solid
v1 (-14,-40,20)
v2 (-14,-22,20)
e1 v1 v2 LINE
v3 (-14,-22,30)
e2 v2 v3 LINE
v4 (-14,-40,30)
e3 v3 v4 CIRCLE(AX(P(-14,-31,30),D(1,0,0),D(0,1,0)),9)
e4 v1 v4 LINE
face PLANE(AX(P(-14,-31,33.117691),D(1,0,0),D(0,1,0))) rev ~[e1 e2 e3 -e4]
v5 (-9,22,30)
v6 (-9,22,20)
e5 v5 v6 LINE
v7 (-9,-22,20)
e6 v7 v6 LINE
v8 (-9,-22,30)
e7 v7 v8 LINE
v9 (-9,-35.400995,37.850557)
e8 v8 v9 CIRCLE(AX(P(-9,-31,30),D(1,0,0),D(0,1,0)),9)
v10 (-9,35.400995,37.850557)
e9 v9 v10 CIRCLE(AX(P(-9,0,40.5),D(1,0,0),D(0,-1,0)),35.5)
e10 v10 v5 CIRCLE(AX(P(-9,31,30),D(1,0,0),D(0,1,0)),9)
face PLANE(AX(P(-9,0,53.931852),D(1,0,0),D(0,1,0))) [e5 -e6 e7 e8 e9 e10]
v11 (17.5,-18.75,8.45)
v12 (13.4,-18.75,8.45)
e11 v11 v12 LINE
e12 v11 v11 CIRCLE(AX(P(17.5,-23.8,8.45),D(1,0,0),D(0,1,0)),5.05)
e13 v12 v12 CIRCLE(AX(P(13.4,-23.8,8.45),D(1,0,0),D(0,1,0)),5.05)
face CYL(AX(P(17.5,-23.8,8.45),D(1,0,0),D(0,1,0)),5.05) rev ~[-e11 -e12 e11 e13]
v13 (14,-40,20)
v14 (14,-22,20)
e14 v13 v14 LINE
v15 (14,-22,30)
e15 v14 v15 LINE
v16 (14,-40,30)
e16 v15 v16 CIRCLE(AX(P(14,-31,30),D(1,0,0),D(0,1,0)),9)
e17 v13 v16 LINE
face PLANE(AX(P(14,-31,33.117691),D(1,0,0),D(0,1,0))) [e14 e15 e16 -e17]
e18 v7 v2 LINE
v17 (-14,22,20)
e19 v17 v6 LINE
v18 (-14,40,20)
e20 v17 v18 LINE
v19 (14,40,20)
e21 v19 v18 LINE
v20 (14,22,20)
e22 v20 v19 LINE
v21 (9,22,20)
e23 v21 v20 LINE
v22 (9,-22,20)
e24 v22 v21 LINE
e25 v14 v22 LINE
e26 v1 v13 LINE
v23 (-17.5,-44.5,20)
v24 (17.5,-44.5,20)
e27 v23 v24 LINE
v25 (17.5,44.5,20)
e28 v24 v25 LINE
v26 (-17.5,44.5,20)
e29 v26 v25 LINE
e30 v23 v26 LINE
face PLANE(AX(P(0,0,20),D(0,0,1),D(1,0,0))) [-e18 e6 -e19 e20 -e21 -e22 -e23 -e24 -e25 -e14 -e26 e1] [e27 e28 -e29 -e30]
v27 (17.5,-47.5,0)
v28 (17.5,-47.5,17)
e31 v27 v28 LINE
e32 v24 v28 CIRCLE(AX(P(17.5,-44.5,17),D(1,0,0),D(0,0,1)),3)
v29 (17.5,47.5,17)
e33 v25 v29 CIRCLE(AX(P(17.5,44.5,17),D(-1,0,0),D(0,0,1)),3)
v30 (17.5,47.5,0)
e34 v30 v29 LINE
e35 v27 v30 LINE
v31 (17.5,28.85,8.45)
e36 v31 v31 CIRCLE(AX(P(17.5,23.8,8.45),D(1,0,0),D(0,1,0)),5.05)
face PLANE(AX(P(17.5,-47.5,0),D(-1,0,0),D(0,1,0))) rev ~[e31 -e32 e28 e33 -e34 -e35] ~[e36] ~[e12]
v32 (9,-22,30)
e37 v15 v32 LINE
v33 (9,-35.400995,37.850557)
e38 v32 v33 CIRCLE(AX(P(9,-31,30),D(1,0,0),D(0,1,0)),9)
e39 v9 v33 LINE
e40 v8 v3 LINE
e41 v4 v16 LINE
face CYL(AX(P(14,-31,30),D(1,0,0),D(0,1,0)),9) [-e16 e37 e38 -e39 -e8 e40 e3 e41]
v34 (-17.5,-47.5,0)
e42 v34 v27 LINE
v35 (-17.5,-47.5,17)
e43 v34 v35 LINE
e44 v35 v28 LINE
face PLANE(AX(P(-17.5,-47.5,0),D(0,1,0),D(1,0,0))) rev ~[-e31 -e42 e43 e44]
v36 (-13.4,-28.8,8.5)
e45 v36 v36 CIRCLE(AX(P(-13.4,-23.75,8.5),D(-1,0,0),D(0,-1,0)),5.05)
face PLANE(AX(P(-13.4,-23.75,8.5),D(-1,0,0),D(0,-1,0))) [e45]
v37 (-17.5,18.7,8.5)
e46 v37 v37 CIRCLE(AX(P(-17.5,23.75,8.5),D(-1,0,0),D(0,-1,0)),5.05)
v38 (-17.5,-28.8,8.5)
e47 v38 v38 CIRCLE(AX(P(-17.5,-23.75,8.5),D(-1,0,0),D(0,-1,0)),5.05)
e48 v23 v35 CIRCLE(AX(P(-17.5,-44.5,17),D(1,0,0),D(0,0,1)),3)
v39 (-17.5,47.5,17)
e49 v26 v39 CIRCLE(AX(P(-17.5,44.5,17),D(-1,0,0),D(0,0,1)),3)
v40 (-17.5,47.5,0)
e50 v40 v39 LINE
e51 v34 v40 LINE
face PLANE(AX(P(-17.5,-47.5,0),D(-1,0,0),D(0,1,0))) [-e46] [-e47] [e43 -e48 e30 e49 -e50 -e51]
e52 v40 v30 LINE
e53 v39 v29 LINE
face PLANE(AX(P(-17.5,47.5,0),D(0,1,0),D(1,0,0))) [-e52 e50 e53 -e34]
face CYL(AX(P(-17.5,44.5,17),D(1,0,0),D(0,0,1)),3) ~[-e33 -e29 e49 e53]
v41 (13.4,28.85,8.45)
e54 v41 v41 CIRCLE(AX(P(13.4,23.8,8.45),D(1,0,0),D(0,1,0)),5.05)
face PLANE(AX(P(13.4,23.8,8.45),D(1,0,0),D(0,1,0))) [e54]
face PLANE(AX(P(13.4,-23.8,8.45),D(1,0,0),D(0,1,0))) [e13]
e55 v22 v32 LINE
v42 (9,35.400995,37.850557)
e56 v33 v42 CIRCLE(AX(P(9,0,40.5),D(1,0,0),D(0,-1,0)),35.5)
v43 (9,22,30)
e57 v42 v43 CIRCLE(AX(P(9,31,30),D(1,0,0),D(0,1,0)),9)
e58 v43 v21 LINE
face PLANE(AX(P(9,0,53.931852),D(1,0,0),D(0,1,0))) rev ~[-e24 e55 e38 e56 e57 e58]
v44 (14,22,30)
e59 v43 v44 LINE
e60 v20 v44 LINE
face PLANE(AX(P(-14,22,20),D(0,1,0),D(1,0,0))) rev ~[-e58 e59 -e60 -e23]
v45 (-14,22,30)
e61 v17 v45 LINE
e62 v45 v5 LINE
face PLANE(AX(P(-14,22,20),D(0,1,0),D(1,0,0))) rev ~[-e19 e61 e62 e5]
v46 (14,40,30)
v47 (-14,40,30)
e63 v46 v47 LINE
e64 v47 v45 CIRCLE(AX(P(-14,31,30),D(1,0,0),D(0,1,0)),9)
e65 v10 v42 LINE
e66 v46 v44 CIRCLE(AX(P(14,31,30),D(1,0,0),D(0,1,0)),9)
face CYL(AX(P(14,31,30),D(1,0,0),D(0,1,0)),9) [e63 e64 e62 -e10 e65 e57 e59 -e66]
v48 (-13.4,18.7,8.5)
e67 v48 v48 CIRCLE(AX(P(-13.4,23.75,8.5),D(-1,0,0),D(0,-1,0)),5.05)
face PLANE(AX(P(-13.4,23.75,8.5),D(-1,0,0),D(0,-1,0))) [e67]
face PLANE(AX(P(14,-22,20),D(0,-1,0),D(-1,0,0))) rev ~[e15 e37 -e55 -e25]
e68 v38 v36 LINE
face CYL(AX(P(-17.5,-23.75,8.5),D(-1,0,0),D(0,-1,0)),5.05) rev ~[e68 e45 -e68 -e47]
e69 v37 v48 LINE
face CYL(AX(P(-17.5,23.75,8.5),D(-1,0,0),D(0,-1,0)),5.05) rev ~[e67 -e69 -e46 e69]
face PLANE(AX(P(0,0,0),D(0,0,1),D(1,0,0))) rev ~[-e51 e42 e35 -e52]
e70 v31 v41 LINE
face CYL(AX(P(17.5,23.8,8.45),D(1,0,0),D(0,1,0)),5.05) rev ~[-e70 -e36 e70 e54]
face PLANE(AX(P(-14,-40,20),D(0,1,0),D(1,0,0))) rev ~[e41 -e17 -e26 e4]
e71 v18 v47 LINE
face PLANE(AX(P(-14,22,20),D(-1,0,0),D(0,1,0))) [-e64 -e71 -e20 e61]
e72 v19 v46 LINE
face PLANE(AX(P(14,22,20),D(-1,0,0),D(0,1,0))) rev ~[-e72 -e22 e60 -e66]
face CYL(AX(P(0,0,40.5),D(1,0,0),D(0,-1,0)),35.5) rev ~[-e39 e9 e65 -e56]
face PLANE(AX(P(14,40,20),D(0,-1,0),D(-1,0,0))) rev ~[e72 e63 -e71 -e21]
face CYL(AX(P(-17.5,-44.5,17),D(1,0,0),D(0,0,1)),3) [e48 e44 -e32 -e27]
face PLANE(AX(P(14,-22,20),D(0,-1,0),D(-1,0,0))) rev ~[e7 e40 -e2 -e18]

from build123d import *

# Parameters (mm, degrees)
F0_W      = 35
F0_H      = 95
F1_DEPTH  = 20
F2_W      = 5
F2_H      = 18
F2_W_2    = 18
F3_DEPTH  = 10
F6_DEPTH  = 28
F8_DEPTH  = 9
F9_R      = 3
F10_R     = 5.05
F11_DEPTH = 4.1
F12_R     = 5.05
F13_DEPTH = 4.1


with BuildPart() as f1:
    # F0 (on Top) → F1 (new body)
    with BuildSketch(Plane.XY):
        Rectangle(F0_W, F0_H)
    extrude(amount=F1_DEPTH)

    # F2 (on face) → F3 (join)
    with BuildSketch(Plane.XY.offset(20)):
        with Locations((-11.5, -31)):
            Rectangle(F2_W, F2_H)
        with Locations((11.5, -31)):
            Rectangle(F2_W, F2_H)
        with Locations((11.5, 31)):
            Rectangle(F2_W, F2_H)
        with Locations((-11.5, 31)):
            Rectangle(F2_W, F2_H)
        with Locations((0, -31)):
            Rectangle(F2_W_2, F2_H)
        with Locations((0, 31)):
            Rectangle(F2_W_2, F2_H)
    extrude(amount=F3_DEPTH)

    # F5 (on face) + F4 (on face) → F6 (join)
    with BuildSketch(Plane.YZ.offset(14)):
        with BuildLine():
            Line((-40, 30), (-22, 30))
            ThreePointArc((-22, 30), (-31, 39), (-40, 30))
        make_face()
    with BuildSketch(Plane.YZ.offset(14)):
        with BuildLine():
            Line((22, 30), (40, 30))
            ThreePointArc((40, 30), (31, 39), (22, 30))
        make_face()
    extrude(amount=-F6_DEPTH)

    # F7 (on Right) → F8 (cut, symmetric)
    with BuildSketch(Plane.YZ):
        with BuildLine():
            ThreePointArc((7.6e-09, 76), (-25.1022907294, 65.6022907348), (-35.5, 40.5))
            Line((-35.5, 40.5), (35.5, 40.5))
            ThreePointArc((35.5, 40.5), (25.1022907348, 65.6022907294), (7.6e-09, 76))
        make_face()
        with BuildLine():
            Line((-35.5, 76), (-35.5, 40.5))
            ThreePointArc((-35.5, 40.5), (-25.1022907294, 65.6022907348), (7.6e-09, 76))
            Line((7.6e-09, 76), (-35.5, 76))
        make_face()
        with BuildLine():
            ThreePointArc((7.6e-09, 76), (25.1022907348, 65.6022907294), (35.5, 40.5))
            Line((35.5, 40.5), (35.5, 76))
            Line((35.5, 76), (7.6e-09, 76))
        make_face()
        with BuildLine():
            Line((35.5, 40.5), (-35.5, 40.5))
            ThreePointArc((-35.5, 40.5), (0, 5), (35.5, 40.5))
        make_face()
    extrude(amount=F8_DEPTH, both=True, mode=Mode.SUBTRACT)

    # F9
    f9_edges = [f1.edges().sort_by_distance(p)[0] for p in [
        (0, -47.5, 20),
        (0, 47.5, 20),
    ]]
    fillet(f9_edges, radius=F9_R)

    # F10 (on face) → F11 (cut)
    with BuildSketch(Plane.YZ.offset(17.5)):
        with Locations((-23.8, 8.45)):
            Circle(F10_R)
        with Locations((23.8, 8.45)):
            Circle(F10_R)
    extrude(amount=-F11_DEPTH, mode=Mode.SUBTRACT)

    # F12 (on face) → F13 (cut)
    with BuildSketch(Plane(origin=(-17.5, 0, 0), x_dir=(0, -1, 0), z_dir=(-1, 0, 0))):
        with Locations((-23.75, 8.5)):
            Circle(F12_R)
        with Locations((23.75, 8.5)):
            Circle(F12_R)
    extrude(amount=-F13_DEPTH, mode=Mode.SUBTRACT)


solid = f1.part
